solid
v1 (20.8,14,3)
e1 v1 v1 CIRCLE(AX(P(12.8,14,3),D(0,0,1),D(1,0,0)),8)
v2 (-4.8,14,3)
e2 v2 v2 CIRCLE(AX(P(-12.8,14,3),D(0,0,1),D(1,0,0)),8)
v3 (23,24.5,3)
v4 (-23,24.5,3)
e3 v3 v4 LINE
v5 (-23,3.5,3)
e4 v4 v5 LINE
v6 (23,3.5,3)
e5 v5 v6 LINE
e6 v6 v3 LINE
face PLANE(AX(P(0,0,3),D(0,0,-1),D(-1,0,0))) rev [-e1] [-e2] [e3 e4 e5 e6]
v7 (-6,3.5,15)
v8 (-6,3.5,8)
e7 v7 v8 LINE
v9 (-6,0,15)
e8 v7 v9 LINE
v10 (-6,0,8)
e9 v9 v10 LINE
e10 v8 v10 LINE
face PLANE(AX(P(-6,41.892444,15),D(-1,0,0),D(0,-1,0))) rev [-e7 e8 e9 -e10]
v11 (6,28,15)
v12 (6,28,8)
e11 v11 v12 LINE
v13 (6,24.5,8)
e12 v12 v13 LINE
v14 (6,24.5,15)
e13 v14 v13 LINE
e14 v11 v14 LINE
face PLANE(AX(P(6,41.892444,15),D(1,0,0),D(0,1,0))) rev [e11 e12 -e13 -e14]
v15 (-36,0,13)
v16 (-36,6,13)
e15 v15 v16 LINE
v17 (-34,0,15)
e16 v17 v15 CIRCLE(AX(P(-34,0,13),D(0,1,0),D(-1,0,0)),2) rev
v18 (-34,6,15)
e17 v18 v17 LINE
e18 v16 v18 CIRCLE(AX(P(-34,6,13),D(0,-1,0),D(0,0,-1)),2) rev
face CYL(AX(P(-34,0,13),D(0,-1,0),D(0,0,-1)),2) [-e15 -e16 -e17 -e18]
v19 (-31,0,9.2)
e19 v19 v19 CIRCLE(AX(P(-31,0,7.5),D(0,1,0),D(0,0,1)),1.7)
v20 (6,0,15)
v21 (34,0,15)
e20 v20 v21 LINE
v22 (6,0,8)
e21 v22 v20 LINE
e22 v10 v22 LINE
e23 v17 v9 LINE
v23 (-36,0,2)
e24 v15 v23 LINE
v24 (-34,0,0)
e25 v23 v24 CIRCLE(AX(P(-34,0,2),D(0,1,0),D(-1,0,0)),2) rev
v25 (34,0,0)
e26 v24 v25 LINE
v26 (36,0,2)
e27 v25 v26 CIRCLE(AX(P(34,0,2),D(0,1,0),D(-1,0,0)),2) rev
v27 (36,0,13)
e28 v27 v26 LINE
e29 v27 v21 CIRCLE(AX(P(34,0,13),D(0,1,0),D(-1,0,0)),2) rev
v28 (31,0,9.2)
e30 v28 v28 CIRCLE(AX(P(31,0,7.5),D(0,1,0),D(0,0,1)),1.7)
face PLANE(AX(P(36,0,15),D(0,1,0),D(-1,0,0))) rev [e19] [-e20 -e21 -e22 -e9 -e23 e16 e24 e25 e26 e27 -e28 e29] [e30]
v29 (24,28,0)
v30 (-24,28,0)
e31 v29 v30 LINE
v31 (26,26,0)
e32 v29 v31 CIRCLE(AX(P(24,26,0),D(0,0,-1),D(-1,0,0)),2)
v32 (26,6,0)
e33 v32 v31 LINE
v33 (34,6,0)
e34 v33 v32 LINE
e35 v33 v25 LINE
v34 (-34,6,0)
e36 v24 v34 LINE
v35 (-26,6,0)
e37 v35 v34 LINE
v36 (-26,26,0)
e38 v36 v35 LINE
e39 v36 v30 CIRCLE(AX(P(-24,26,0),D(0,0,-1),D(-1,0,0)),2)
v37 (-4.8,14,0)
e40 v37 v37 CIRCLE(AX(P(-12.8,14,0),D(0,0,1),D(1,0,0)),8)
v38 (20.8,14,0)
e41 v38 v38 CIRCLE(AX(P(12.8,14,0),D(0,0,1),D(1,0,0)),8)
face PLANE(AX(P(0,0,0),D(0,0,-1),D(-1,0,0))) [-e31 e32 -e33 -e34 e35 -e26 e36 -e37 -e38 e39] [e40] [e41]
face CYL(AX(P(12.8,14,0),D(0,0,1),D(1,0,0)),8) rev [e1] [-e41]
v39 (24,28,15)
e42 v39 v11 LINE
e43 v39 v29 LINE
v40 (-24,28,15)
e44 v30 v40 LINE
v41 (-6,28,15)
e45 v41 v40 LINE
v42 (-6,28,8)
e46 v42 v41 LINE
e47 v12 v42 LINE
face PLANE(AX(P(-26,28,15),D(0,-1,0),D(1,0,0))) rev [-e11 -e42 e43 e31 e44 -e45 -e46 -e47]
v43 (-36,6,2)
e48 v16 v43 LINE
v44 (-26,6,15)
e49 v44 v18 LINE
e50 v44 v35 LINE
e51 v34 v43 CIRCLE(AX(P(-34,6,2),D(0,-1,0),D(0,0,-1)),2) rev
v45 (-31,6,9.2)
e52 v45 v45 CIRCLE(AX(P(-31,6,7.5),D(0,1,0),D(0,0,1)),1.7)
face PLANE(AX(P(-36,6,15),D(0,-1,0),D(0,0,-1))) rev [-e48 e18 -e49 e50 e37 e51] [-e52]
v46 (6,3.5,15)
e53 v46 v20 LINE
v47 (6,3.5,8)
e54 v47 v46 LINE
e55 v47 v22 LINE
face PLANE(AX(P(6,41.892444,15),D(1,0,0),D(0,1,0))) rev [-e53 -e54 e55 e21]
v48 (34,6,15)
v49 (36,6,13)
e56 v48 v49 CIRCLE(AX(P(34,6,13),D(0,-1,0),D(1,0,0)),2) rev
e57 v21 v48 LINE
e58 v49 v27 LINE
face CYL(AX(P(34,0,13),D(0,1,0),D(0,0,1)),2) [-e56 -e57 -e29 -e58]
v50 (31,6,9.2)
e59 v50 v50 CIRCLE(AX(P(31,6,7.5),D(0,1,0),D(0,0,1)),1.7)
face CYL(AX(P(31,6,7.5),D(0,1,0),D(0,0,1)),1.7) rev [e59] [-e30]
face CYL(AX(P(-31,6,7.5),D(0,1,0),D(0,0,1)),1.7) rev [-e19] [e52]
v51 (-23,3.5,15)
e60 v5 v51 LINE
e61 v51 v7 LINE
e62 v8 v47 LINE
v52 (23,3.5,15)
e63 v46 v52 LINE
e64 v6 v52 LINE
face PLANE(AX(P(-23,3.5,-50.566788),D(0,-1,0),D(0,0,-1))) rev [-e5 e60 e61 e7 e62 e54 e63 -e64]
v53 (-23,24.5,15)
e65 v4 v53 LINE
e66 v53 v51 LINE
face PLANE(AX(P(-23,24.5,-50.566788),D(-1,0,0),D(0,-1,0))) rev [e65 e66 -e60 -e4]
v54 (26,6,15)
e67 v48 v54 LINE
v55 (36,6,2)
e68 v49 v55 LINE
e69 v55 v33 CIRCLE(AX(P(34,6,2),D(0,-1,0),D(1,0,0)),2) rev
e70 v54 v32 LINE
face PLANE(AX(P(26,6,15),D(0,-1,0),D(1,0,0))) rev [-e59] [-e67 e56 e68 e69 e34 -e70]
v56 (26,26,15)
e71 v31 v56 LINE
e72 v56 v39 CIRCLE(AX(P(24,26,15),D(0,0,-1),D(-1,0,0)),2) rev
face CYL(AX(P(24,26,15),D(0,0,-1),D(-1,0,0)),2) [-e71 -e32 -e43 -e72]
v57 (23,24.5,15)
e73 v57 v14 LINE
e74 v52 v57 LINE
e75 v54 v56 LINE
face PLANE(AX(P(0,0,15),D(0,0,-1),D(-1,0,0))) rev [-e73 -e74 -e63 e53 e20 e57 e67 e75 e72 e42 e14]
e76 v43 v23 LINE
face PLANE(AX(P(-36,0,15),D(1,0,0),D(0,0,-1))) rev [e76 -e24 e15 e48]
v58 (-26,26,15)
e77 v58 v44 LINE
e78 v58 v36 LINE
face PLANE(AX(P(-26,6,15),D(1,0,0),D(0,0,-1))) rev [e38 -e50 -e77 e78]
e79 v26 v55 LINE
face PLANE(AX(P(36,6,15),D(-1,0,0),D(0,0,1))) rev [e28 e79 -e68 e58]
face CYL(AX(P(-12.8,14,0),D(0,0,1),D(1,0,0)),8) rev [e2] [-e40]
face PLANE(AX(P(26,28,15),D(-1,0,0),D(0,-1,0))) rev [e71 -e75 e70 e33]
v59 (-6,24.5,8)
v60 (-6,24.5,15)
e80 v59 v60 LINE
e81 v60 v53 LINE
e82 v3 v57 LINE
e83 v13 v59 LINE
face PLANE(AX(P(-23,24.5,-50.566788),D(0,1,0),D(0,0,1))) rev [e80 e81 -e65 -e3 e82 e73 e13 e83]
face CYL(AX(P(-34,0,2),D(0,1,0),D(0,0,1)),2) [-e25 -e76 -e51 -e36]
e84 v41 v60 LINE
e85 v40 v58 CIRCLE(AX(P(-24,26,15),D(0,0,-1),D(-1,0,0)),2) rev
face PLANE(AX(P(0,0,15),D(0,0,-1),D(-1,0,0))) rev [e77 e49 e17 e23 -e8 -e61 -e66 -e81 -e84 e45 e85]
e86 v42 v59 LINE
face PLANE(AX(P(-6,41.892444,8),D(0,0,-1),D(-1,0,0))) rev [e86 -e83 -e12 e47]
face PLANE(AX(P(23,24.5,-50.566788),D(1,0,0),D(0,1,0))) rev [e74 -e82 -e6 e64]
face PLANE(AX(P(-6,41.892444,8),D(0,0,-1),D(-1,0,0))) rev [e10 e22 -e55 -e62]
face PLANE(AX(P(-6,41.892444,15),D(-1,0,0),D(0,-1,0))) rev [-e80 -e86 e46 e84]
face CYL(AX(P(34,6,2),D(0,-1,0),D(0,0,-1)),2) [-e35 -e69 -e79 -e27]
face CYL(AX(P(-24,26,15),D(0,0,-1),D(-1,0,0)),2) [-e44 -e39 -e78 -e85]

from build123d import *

# Parameters (mm, degrees)
BOSS_EXTRU_1_DEPTH      = 15
ESQUISSE2_W             = 46
ESQUISSE2_H             = 21
ENL_V_MAT_EXTRU_1_DEPTH = 12
ESQUISSE4_R             = 8
ENL_V_MAT_EXTRU_2_DEPTH = 3
ENL_V_MAT_EXTRU_3_REACH = 50.01
ESQUISSE5_W             = 12
ESQUISSE5_H             = 7
CONG_1_R                = 2
D_GAGEMENT_M31_D        = 3.4


with BuildPart() as part:
    # Esquisse1 → Boss.-Extru.1 (new body)
    with BuildSketch(Plane.XY):
        Polygon((36, 0), (-36, 0), (-36, 6), (-26, 6), (-26, 28), (26, 28), (26, 6), (36, 6), align=None)
    extrude(amount=BOSS_EXTRU_1_DEPTH)

    # Esquisse2 → Enlèv. mat.-Extru.1 (cut)
    with BuildSketch(Plane.XY.offset(15)):
        with Locations((0, 14)):
            Rectangle(ESQUISSE2_W, ESQUISSE2_H)
    extrude(amount=-ENL_V_MAT_EXTRU_1_DEPTH, mode=Mode.SUBTRACT)

    # Esquisse4 → Enlèv. mat.-Extru.2 (cut)
    with BuildSketch(Plane.XY.offset(3)):
        with Locations((-12.8, 14)):
            Circle(ESQUISSE4_R)
        with Locations((12.8, 14)):
            Circle(ESQUISSE4_R)
    extrude(amount=-ENL_V_MAT_EXTRU_2_DEPTH, mode=Mode.SUBTRACT)

    # Enlèv. mat.-Extru.3: up to this face of the body (flat: up to its plane)
    enl_v_mat_extru_3_end = Plane(part.part.faces().sort_by_distance((0, 28, 7.5))[0])
    # Esquisse5 → Enlèv. mat.-Extru.3 (cut, up to the picked face)
    with BuildSketch(Plane.XZ, mode=Mode.PRIVATE) as enl_v_mat_extru_3_sk1:
        with Locations((0, 11.5)):
            Rectangle(ESQUISSE5_W, ESQUISSE5_H)
    enl_v_mat_extru_3_tool1 = split(extrude(enl_v_mat_extru_3_sk1.sketch, amount=-ENL_V_MAT_EXTRU_3_REACH, mode=Mode.PRIVATE), bisect_by=enl_v_mat_extru_3_end, keep=Keep.BOTH, mode=Mode.PRIVATE)
    add(enl_v_mat_extru_3_tool1.solids().sort_by(Axis((0, 0, 11.5), (0, 1, 0)))[0], mode=Mode.SUBTRACT)

    # Congé1
    cong_1_edges = [part.edges().sort_by_distance(p)[0] for p in [
        (36, 3, 0),
        (-36, 3, 0),
        (36, 3, 15),
        (-26, 28, 7.5),
        (26, 28, 7.5),
        (-36, 3, 15),
    ]]
    fillet(cong_1_edges, radius=CONG_1_R)

    # Dégagement M31 (through all)
    with Locations(Plane(origin=(0, 6, 0), x_dir=(1, 0, 0), z_dir=(0, 1, 0))):
        with Locations((-31, -7.5), (31, -7.5)):
            Hole(D_GAGEMENT_M31_D / 2)


solid = part.part
